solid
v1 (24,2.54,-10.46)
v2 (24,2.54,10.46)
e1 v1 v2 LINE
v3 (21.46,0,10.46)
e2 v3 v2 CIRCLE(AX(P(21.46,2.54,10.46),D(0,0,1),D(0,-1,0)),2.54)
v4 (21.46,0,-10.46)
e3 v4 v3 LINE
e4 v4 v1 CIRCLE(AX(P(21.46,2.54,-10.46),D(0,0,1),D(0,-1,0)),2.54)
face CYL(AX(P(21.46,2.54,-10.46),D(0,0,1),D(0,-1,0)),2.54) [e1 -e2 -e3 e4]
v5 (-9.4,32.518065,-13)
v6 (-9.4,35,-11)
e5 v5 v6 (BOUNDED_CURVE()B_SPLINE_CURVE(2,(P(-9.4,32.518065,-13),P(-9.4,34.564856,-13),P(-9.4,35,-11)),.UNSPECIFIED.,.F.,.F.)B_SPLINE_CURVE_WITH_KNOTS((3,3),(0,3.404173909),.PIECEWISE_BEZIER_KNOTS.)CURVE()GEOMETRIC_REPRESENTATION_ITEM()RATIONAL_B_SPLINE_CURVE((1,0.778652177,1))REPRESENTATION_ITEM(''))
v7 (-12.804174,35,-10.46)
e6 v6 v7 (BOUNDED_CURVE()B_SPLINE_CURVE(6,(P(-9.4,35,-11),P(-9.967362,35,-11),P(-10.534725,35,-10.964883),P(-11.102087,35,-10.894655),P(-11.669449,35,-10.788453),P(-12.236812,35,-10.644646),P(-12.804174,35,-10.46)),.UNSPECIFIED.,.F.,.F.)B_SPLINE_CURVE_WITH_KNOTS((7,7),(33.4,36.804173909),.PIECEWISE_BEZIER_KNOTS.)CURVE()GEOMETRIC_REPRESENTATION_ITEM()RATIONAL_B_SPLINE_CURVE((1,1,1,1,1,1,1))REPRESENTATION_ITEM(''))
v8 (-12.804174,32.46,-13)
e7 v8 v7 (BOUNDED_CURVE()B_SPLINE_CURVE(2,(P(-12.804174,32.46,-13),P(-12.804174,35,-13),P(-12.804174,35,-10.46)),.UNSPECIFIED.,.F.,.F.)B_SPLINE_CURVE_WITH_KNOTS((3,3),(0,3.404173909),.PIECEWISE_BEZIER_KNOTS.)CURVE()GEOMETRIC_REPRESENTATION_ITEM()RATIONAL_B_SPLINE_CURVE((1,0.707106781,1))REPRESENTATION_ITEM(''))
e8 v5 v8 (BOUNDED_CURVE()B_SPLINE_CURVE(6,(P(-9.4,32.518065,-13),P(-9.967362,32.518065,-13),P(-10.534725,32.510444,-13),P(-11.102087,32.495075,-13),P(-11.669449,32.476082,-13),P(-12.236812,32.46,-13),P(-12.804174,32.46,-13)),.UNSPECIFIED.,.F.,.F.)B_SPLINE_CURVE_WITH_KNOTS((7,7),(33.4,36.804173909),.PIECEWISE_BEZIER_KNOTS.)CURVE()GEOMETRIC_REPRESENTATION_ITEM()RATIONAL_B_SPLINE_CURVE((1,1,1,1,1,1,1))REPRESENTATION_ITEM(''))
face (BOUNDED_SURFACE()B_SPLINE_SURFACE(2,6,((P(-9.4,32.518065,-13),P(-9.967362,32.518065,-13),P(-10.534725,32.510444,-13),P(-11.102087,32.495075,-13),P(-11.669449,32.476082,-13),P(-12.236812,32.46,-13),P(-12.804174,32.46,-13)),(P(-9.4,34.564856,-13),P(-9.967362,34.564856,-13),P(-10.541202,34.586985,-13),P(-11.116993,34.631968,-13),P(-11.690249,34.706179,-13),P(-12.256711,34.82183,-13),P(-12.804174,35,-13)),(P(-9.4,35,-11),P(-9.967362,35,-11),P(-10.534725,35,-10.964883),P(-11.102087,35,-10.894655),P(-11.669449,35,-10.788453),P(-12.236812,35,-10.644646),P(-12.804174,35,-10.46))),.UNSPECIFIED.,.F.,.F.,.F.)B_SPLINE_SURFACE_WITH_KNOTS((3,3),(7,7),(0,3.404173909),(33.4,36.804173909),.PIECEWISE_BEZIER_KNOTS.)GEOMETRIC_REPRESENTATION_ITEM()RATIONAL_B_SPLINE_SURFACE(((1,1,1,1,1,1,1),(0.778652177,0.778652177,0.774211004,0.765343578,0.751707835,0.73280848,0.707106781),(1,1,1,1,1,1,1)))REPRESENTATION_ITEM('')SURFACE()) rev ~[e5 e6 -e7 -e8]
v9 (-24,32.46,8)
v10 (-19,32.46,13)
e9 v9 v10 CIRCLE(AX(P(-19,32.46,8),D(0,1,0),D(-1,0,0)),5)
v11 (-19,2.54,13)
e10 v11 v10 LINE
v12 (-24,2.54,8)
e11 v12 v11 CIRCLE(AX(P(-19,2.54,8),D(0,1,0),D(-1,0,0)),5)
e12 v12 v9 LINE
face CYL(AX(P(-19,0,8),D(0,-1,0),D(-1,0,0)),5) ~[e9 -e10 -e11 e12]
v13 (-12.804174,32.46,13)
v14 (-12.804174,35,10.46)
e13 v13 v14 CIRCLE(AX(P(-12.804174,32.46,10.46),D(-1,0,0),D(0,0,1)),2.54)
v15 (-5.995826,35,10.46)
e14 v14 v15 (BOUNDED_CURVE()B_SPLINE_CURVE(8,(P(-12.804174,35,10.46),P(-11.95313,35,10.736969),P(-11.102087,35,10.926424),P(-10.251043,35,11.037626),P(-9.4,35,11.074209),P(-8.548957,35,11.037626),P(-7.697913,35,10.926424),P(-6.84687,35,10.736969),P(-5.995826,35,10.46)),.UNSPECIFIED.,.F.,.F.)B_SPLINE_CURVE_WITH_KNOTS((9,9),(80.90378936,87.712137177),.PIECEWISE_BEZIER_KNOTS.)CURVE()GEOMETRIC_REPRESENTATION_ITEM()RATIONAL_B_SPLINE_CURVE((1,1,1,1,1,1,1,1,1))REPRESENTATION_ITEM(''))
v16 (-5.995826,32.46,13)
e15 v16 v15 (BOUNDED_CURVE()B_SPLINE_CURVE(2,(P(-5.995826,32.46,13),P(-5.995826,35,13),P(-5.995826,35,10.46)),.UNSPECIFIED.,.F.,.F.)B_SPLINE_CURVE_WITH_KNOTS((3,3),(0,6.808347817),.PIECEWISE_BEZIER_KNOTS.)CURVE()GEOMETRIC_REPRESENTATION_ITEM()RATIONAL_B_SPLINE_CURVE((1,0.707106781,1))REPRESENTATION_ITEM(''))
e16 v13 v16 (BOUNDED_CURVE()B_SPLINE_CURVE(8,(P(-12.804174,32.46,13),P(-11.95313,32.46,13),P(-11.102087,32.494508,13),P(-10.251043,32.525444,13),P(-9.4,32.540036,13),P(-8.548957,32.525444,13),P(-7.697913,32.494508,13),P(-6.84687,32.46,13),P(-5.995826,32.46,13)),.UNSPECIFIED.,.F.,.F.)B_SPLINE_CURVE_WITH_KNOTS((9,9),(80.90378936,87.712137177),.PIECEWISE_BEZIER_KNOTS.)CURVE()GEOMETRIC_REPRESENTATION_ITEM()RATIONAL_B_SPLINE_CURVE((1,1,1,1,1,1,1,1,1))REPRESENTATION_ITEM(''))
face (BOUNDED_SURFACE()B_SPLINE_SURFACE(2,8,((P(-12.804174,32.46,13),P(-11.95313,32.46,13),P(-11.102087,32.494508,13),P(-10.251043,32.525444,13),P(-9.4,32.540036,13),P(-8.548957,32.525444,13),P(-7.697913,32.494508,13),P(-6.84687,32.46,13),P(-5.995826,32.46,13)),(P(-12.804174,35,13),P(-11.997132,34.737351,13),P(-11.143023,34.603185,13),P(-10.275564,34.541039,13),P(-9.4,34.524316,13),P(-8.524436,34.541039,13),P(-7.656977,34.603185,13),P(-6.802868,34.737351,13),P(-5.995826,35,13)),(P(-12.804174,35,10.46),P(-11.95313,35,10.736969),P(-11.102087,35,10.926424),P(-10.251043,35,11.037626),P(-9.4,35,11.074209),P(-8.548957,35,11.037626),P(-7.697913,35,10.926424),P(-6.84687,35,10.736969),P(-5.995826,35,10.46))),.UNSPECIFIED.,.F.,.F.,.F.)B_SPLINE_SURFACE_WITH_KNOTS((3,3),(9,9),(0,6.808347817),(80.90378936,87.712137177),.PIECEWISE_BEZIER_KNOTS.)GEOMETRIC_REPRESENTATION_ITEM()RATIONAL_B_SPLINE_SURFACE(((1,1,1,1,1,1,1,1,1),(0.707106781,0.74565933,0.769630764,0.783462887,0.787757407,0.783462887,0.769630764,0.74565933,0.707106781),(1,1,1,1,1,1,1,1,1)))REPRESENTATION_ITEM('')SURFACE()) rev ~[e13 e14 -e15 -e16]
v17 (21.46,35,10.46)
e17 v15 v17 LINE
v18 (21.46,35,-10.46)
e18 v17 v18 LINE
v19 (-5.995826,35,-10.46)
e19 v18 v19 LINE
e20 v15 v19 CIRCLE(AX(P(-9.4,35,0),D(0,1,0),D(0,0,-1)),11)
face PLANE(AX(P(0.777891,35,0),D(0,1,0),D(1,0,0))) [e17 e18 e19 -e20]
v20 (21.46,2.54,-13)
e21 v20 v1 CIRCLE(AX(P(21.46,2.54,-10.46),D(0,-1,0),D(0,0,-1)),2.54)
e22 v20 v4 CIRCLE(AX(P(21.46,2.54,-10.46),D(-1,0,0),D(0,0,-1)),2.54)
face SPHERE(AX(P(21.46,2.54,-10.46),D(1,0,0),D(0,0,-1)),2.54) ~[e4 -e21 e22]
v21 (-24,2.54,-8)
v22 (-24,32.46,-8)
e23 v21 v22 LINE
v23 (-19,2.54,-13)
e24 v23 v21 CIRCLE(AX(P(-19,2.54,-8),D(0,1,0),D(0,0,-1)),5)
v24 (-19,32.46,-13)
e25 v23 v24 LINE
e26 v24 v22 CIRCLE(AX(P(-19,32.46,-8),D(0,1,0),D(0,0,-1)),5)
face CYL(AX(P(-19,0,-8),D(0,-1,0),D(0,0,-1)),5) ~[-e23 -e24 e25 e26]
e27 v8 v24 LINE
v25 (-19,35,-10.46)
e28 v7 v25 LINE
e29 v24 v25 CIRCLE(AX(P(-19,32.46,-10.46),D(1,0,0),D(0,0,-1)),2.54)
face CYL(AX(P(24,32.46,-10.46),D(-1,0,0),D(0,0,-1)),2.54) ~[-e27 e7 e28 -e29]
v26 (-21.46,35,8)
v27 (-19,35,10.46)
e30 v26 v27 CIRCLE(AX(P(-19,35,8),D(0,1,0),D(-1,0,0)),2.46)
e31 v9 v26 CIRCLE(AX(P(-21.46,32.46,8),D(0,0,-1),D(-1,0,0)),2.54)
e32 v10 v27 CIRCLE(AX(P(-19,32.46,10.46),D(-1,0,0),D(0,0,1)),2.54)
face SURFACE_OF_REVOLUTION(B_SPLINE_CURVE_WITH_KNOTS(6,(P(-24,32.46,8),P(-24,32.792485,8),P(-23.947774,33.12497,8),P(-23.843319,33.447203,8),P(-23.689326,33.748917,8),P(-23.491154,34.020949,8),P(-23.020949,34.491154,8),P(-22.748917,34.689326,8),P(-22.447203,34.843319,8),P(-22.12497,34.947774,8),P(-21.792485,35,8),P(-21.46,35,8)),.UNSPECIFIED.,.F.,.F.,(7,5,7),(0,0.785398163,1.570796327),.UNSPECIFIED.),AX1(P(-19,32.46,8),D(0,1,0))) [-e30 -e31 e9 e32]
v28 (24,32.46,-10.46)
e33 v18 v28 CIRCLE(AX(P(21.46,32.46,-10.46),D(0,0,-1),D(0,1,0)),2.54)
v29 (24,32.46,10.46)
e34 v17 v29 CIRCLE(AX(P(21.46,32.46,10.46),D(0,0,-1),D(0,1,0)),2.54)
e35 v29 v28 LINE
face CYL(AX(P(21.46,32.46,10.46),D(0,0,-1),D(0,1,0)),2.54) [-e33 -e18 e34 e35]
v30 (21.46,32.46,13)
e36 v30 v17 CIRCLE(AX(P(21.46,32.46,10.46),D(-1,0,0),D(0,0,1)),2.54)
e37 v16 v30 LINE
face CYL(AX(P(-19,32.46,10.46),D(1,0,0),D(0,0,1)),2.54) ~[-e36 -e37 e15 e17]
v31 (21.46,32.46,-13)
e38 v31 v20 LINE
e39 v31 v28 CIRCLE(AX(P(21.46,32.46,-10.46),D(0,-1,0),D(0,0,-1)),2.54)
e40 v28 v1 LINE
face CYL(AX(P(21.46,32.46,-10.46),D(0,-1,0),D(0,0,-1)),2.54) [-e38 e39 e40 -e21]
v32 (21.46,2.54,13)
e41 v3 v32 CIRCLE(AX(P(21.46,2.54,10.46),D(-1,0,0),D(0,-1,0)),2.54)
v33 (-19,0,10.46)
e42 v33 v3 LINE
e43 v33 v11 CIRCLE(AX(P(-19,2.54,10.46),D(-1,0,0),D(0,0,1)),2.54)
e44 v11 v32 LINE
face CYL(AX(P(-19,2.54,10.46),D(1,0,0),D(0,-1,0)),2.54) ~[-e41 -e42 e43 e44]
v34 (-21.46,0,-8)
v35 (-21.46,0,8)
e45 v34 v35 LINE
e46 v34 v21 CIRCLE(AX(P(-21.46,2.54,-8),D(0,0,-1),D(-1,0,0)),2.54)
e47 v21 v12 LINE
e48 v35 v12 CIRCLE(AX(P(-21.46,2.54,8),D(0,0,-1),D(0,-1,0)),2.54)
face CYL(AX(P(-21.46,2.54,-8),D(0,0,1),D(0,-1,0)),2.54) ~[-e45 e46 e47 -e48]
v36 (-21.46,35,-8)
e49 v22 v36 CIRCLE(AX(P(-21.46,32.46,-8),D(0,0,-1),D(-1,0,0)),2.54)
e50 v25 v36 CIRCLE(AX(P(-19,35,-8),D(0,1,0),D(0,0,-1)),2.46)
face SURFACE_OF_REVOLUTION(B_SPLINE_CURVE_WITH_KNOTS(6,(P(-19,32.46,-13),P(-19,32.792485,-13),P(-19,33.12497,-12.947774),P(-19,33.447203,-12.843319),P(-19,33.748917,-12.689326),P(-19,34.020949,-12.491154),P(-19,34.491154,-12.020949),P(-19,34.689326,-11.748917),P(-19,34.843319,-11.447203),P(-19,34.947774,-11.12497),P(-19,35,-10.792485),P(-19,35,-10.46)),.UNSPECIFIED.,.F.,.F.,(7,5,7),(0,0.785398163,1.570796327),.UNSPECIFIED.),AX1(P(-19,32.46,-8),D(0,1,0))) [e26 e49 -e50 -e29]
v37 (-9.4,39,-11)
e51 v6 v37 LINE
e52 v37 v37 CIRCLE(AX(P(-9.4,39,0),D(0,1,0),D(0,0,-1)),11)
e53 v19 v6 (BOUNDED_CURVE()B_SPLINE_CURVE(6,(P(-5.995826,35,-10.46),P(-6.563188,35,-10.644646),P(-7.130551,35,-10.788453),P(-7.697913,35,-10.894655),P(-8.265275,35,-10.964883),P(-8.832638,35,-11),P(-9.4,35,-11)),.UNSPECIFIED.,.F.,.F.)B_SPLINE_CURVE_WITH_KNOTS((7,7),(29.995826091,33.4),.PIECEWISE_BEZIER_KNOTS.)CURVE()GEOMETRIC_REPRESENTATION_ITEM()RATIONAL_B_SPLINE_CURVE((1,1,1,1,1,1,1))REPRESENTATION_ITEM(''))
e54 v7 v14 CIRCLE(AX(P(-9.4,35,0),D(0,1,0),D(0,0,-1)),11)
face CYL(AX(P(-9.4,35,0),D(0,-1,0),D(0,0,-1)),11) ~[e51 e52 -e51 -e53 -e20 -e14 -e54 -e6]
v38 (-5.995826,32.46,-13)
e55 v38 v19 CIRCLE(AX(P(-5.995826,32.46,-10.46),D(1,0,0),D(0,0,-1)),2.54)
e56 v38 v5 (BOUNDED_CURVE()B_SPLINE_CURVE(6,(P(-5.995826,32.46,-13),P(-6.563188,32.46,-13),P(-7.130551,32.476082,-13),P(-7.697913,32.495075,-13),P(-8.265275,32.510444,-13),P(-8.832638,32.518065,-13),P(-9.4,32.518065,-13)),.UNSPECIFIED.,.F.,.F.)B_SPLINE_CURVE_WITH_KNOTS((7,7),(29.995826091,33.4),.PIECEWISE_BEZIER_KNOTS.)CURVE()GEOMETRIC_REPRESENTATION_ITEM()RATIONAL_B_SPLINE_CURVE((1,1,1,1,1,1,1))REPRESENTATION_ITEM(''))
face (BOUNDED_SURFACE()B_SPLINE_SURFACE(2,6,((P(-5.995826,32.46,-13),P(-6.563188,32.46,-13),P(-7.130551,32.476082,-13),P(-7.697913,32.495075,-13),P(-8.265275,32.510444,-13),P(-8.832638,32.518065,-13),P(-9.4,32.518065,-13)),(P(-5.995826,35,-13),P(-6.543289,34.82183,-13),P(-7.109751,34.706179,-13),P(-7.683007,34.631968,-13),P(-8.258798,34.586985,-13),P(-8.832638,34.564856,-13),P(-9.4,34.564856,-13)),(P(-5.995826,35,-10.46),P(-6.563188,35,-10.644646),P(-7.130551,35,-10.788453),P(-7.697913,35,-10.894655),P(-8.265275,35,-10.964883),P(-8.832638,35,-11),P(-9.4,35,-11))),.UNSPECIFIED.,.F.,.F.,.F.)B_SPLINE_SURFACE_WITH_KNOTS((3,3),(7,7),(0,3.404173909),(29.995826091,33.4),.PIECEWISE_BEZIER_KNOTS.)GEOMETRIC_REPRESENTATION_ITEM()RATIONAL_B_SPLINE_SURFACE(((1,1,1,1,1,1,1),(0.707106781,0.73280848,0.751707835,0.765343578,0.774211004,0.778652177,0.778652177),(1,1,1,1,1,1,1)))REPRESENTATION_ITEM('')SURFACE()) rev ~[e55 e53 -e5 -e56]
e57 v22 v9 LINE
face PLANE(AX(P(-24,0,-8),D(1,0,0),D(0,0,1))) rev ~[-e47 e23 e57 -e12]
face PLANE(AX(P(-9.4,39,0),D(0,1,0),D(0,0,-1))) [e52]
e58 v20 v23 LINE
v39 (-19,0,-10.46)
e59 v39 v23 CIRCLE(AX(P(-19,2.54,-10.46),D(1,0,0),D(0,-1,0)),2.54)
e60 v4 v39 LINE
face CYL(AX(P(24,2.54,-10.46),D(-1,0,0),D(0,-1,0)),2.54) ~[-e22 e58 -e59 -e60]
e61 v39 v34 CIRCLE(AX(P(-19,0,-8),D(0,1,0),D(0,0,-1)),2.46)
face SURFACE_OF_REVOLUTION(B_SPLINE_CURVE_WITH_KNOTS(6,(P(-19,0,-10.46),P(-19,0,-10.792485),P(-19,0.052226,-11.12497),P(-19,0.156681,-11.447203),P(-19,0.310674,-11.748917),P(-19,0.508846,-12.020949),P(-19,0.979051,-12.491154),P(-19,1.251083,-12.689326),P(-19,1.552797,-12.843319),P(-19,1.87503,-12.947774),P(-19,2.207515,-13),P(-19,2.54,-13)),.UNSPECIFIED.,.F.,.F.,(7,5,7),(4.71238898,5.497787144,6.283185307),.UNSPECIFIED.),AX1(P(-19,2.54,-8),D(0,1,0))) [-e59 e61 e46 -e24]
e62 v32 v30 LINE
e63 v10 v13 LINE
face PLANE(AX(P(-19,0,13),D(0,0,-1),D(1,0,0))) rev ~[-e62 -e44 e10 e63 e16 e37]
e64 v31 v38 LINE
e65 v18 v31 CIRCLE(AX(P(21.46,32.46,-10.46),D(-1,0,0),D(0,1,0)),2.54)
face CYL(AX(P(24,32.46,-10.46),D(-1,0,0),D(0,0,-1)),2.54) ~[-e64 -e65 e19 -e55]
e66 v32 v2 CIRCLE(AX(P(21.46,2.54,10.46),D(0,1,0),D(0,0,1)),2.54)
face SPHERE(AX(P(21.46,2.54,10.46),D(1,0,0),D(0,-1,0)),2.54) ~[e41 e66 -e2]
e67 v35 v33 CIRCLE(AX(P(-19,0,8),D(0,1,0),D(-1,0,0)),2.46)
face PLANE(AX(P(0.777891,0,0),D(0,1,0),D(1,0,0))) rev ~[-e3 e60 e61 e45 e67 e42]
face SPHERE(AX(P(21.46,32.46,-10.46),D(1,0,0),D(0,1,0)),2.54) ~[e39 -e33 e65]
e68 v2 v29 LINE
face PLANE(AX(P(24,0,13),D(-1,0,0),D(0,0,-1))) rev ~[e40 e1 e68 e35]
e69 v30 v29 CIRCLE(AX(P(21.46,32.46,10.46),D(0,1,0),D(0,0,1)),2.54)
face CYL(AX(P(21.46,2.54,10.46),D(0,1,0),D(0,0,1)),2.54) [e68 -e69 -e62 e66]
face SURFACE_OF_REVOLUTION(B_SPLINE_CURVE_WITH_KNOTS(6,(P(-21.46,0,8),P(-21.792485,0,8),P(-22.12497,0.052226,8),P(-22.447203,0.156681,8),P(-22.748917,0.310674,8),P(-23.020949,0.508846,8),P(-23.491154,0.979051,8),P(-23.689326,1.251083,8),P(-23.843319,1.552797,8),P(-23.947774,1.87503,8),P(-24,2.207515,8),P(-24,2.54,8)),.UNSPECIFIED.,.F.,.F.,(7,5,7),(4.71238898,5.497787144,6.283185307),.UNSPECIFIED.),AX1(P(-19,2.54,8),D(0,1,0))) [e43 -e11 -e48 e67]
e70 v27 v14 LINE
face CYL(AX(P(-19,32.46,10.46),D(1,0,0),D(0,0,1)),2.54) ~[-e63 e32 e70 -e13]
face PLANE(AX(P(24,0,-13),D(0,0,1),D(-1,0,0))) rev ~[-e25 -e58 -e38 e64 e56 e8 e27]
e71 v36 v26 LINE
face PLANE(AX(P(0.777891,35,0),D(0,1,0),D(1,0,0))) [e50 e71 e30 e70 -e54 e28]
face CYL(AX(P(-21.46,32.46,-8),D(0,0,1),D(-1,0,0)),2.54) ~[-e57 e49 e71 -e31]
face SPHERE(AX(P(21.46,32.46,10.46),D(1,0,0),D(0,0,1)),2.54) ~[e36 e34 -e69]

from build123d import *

# Parameters (mm, degrees)
BOSS_EXTRUDE1_DEPTH = 35
SKETCH2_R           = 11
BOSS_EXTRUDE2_DEPTH = 4
FILLET1_R           = 2.54
FILLET2_R           = 2.54


with BuildPart() as part:
    # Sketch1 → Boss-Extrude1 (new body)
    with BuildSketch(Plane(origin=(0, 0, 0), x_dir=(1, 0, 0), z_dir=(0, 1, 0))):
        with BuildLine():
            Line((-19, -13), (24, -13))
            Line((24, -13), (24, 13))
            Line((24, 13), (-19, 13))
            ThreePointArc((-19, 13), (-22.535533906, 11.535533906), (-24, 8))
            Line((-24, 8), (-24, -8))
            ThreePointArc((-24, -8), (-22.535533906, -11.535533906), (-19, -13))
        make_face()
    extrude(amount=BOSS_EXTRUDE1_DEPTH)

    # Sketch2 → Boss-Extrude2 (add)
    with BuildSketch(Plane(origin=(0, 35, 0), x_dir=(1, 0, 0), z_dir=(0, 1, 0))):
        with Locations(Location((-9.4, 0, 0), (0, 0, 90))):
            Circle(SKETCH2_R)
    extrude(amount=BOSS_EXTRUDE2_DEPTH)

    # Fillet1
    fillet1_edges = [part.edges().sort_by_distance(p)[0] for p in [
        (2.5, 35, 13),
        (-22.535533906, 35, 11.535533906),
        (-24, 35, 0),
        (-22.535533906, 35, -11.535533906),
        (-24, 0, 0),
        (-22.535533906, 0, 11.535533906),
        (2.5, 0, 13),
        (2.5, 35, -13),
        (2.5, 0, -13),
        (-22.535533906, 0, -11.535533906),
    ]]
    fillet(fillet1_edges, radius=FILLET1_R)

    # Fillet2
    fillet2_edges = [part.edges().sort_by_distance(p)[0] for p in [
        (24, 17.5, 13),
        (24, 0, 0),
        (24, 17.5, -13),
        (24, 35, 0),
        (24, 34.256051224, 12.256051224),
        (24, 34.256051224, -12.256051224),
        (24, 0.743948776, -12.256051224),
        (24, 0.743948776, 12.256051224),
    ]]
    fillet(fillet2_edges, radius=FILLET2_R)


solid = part.part
